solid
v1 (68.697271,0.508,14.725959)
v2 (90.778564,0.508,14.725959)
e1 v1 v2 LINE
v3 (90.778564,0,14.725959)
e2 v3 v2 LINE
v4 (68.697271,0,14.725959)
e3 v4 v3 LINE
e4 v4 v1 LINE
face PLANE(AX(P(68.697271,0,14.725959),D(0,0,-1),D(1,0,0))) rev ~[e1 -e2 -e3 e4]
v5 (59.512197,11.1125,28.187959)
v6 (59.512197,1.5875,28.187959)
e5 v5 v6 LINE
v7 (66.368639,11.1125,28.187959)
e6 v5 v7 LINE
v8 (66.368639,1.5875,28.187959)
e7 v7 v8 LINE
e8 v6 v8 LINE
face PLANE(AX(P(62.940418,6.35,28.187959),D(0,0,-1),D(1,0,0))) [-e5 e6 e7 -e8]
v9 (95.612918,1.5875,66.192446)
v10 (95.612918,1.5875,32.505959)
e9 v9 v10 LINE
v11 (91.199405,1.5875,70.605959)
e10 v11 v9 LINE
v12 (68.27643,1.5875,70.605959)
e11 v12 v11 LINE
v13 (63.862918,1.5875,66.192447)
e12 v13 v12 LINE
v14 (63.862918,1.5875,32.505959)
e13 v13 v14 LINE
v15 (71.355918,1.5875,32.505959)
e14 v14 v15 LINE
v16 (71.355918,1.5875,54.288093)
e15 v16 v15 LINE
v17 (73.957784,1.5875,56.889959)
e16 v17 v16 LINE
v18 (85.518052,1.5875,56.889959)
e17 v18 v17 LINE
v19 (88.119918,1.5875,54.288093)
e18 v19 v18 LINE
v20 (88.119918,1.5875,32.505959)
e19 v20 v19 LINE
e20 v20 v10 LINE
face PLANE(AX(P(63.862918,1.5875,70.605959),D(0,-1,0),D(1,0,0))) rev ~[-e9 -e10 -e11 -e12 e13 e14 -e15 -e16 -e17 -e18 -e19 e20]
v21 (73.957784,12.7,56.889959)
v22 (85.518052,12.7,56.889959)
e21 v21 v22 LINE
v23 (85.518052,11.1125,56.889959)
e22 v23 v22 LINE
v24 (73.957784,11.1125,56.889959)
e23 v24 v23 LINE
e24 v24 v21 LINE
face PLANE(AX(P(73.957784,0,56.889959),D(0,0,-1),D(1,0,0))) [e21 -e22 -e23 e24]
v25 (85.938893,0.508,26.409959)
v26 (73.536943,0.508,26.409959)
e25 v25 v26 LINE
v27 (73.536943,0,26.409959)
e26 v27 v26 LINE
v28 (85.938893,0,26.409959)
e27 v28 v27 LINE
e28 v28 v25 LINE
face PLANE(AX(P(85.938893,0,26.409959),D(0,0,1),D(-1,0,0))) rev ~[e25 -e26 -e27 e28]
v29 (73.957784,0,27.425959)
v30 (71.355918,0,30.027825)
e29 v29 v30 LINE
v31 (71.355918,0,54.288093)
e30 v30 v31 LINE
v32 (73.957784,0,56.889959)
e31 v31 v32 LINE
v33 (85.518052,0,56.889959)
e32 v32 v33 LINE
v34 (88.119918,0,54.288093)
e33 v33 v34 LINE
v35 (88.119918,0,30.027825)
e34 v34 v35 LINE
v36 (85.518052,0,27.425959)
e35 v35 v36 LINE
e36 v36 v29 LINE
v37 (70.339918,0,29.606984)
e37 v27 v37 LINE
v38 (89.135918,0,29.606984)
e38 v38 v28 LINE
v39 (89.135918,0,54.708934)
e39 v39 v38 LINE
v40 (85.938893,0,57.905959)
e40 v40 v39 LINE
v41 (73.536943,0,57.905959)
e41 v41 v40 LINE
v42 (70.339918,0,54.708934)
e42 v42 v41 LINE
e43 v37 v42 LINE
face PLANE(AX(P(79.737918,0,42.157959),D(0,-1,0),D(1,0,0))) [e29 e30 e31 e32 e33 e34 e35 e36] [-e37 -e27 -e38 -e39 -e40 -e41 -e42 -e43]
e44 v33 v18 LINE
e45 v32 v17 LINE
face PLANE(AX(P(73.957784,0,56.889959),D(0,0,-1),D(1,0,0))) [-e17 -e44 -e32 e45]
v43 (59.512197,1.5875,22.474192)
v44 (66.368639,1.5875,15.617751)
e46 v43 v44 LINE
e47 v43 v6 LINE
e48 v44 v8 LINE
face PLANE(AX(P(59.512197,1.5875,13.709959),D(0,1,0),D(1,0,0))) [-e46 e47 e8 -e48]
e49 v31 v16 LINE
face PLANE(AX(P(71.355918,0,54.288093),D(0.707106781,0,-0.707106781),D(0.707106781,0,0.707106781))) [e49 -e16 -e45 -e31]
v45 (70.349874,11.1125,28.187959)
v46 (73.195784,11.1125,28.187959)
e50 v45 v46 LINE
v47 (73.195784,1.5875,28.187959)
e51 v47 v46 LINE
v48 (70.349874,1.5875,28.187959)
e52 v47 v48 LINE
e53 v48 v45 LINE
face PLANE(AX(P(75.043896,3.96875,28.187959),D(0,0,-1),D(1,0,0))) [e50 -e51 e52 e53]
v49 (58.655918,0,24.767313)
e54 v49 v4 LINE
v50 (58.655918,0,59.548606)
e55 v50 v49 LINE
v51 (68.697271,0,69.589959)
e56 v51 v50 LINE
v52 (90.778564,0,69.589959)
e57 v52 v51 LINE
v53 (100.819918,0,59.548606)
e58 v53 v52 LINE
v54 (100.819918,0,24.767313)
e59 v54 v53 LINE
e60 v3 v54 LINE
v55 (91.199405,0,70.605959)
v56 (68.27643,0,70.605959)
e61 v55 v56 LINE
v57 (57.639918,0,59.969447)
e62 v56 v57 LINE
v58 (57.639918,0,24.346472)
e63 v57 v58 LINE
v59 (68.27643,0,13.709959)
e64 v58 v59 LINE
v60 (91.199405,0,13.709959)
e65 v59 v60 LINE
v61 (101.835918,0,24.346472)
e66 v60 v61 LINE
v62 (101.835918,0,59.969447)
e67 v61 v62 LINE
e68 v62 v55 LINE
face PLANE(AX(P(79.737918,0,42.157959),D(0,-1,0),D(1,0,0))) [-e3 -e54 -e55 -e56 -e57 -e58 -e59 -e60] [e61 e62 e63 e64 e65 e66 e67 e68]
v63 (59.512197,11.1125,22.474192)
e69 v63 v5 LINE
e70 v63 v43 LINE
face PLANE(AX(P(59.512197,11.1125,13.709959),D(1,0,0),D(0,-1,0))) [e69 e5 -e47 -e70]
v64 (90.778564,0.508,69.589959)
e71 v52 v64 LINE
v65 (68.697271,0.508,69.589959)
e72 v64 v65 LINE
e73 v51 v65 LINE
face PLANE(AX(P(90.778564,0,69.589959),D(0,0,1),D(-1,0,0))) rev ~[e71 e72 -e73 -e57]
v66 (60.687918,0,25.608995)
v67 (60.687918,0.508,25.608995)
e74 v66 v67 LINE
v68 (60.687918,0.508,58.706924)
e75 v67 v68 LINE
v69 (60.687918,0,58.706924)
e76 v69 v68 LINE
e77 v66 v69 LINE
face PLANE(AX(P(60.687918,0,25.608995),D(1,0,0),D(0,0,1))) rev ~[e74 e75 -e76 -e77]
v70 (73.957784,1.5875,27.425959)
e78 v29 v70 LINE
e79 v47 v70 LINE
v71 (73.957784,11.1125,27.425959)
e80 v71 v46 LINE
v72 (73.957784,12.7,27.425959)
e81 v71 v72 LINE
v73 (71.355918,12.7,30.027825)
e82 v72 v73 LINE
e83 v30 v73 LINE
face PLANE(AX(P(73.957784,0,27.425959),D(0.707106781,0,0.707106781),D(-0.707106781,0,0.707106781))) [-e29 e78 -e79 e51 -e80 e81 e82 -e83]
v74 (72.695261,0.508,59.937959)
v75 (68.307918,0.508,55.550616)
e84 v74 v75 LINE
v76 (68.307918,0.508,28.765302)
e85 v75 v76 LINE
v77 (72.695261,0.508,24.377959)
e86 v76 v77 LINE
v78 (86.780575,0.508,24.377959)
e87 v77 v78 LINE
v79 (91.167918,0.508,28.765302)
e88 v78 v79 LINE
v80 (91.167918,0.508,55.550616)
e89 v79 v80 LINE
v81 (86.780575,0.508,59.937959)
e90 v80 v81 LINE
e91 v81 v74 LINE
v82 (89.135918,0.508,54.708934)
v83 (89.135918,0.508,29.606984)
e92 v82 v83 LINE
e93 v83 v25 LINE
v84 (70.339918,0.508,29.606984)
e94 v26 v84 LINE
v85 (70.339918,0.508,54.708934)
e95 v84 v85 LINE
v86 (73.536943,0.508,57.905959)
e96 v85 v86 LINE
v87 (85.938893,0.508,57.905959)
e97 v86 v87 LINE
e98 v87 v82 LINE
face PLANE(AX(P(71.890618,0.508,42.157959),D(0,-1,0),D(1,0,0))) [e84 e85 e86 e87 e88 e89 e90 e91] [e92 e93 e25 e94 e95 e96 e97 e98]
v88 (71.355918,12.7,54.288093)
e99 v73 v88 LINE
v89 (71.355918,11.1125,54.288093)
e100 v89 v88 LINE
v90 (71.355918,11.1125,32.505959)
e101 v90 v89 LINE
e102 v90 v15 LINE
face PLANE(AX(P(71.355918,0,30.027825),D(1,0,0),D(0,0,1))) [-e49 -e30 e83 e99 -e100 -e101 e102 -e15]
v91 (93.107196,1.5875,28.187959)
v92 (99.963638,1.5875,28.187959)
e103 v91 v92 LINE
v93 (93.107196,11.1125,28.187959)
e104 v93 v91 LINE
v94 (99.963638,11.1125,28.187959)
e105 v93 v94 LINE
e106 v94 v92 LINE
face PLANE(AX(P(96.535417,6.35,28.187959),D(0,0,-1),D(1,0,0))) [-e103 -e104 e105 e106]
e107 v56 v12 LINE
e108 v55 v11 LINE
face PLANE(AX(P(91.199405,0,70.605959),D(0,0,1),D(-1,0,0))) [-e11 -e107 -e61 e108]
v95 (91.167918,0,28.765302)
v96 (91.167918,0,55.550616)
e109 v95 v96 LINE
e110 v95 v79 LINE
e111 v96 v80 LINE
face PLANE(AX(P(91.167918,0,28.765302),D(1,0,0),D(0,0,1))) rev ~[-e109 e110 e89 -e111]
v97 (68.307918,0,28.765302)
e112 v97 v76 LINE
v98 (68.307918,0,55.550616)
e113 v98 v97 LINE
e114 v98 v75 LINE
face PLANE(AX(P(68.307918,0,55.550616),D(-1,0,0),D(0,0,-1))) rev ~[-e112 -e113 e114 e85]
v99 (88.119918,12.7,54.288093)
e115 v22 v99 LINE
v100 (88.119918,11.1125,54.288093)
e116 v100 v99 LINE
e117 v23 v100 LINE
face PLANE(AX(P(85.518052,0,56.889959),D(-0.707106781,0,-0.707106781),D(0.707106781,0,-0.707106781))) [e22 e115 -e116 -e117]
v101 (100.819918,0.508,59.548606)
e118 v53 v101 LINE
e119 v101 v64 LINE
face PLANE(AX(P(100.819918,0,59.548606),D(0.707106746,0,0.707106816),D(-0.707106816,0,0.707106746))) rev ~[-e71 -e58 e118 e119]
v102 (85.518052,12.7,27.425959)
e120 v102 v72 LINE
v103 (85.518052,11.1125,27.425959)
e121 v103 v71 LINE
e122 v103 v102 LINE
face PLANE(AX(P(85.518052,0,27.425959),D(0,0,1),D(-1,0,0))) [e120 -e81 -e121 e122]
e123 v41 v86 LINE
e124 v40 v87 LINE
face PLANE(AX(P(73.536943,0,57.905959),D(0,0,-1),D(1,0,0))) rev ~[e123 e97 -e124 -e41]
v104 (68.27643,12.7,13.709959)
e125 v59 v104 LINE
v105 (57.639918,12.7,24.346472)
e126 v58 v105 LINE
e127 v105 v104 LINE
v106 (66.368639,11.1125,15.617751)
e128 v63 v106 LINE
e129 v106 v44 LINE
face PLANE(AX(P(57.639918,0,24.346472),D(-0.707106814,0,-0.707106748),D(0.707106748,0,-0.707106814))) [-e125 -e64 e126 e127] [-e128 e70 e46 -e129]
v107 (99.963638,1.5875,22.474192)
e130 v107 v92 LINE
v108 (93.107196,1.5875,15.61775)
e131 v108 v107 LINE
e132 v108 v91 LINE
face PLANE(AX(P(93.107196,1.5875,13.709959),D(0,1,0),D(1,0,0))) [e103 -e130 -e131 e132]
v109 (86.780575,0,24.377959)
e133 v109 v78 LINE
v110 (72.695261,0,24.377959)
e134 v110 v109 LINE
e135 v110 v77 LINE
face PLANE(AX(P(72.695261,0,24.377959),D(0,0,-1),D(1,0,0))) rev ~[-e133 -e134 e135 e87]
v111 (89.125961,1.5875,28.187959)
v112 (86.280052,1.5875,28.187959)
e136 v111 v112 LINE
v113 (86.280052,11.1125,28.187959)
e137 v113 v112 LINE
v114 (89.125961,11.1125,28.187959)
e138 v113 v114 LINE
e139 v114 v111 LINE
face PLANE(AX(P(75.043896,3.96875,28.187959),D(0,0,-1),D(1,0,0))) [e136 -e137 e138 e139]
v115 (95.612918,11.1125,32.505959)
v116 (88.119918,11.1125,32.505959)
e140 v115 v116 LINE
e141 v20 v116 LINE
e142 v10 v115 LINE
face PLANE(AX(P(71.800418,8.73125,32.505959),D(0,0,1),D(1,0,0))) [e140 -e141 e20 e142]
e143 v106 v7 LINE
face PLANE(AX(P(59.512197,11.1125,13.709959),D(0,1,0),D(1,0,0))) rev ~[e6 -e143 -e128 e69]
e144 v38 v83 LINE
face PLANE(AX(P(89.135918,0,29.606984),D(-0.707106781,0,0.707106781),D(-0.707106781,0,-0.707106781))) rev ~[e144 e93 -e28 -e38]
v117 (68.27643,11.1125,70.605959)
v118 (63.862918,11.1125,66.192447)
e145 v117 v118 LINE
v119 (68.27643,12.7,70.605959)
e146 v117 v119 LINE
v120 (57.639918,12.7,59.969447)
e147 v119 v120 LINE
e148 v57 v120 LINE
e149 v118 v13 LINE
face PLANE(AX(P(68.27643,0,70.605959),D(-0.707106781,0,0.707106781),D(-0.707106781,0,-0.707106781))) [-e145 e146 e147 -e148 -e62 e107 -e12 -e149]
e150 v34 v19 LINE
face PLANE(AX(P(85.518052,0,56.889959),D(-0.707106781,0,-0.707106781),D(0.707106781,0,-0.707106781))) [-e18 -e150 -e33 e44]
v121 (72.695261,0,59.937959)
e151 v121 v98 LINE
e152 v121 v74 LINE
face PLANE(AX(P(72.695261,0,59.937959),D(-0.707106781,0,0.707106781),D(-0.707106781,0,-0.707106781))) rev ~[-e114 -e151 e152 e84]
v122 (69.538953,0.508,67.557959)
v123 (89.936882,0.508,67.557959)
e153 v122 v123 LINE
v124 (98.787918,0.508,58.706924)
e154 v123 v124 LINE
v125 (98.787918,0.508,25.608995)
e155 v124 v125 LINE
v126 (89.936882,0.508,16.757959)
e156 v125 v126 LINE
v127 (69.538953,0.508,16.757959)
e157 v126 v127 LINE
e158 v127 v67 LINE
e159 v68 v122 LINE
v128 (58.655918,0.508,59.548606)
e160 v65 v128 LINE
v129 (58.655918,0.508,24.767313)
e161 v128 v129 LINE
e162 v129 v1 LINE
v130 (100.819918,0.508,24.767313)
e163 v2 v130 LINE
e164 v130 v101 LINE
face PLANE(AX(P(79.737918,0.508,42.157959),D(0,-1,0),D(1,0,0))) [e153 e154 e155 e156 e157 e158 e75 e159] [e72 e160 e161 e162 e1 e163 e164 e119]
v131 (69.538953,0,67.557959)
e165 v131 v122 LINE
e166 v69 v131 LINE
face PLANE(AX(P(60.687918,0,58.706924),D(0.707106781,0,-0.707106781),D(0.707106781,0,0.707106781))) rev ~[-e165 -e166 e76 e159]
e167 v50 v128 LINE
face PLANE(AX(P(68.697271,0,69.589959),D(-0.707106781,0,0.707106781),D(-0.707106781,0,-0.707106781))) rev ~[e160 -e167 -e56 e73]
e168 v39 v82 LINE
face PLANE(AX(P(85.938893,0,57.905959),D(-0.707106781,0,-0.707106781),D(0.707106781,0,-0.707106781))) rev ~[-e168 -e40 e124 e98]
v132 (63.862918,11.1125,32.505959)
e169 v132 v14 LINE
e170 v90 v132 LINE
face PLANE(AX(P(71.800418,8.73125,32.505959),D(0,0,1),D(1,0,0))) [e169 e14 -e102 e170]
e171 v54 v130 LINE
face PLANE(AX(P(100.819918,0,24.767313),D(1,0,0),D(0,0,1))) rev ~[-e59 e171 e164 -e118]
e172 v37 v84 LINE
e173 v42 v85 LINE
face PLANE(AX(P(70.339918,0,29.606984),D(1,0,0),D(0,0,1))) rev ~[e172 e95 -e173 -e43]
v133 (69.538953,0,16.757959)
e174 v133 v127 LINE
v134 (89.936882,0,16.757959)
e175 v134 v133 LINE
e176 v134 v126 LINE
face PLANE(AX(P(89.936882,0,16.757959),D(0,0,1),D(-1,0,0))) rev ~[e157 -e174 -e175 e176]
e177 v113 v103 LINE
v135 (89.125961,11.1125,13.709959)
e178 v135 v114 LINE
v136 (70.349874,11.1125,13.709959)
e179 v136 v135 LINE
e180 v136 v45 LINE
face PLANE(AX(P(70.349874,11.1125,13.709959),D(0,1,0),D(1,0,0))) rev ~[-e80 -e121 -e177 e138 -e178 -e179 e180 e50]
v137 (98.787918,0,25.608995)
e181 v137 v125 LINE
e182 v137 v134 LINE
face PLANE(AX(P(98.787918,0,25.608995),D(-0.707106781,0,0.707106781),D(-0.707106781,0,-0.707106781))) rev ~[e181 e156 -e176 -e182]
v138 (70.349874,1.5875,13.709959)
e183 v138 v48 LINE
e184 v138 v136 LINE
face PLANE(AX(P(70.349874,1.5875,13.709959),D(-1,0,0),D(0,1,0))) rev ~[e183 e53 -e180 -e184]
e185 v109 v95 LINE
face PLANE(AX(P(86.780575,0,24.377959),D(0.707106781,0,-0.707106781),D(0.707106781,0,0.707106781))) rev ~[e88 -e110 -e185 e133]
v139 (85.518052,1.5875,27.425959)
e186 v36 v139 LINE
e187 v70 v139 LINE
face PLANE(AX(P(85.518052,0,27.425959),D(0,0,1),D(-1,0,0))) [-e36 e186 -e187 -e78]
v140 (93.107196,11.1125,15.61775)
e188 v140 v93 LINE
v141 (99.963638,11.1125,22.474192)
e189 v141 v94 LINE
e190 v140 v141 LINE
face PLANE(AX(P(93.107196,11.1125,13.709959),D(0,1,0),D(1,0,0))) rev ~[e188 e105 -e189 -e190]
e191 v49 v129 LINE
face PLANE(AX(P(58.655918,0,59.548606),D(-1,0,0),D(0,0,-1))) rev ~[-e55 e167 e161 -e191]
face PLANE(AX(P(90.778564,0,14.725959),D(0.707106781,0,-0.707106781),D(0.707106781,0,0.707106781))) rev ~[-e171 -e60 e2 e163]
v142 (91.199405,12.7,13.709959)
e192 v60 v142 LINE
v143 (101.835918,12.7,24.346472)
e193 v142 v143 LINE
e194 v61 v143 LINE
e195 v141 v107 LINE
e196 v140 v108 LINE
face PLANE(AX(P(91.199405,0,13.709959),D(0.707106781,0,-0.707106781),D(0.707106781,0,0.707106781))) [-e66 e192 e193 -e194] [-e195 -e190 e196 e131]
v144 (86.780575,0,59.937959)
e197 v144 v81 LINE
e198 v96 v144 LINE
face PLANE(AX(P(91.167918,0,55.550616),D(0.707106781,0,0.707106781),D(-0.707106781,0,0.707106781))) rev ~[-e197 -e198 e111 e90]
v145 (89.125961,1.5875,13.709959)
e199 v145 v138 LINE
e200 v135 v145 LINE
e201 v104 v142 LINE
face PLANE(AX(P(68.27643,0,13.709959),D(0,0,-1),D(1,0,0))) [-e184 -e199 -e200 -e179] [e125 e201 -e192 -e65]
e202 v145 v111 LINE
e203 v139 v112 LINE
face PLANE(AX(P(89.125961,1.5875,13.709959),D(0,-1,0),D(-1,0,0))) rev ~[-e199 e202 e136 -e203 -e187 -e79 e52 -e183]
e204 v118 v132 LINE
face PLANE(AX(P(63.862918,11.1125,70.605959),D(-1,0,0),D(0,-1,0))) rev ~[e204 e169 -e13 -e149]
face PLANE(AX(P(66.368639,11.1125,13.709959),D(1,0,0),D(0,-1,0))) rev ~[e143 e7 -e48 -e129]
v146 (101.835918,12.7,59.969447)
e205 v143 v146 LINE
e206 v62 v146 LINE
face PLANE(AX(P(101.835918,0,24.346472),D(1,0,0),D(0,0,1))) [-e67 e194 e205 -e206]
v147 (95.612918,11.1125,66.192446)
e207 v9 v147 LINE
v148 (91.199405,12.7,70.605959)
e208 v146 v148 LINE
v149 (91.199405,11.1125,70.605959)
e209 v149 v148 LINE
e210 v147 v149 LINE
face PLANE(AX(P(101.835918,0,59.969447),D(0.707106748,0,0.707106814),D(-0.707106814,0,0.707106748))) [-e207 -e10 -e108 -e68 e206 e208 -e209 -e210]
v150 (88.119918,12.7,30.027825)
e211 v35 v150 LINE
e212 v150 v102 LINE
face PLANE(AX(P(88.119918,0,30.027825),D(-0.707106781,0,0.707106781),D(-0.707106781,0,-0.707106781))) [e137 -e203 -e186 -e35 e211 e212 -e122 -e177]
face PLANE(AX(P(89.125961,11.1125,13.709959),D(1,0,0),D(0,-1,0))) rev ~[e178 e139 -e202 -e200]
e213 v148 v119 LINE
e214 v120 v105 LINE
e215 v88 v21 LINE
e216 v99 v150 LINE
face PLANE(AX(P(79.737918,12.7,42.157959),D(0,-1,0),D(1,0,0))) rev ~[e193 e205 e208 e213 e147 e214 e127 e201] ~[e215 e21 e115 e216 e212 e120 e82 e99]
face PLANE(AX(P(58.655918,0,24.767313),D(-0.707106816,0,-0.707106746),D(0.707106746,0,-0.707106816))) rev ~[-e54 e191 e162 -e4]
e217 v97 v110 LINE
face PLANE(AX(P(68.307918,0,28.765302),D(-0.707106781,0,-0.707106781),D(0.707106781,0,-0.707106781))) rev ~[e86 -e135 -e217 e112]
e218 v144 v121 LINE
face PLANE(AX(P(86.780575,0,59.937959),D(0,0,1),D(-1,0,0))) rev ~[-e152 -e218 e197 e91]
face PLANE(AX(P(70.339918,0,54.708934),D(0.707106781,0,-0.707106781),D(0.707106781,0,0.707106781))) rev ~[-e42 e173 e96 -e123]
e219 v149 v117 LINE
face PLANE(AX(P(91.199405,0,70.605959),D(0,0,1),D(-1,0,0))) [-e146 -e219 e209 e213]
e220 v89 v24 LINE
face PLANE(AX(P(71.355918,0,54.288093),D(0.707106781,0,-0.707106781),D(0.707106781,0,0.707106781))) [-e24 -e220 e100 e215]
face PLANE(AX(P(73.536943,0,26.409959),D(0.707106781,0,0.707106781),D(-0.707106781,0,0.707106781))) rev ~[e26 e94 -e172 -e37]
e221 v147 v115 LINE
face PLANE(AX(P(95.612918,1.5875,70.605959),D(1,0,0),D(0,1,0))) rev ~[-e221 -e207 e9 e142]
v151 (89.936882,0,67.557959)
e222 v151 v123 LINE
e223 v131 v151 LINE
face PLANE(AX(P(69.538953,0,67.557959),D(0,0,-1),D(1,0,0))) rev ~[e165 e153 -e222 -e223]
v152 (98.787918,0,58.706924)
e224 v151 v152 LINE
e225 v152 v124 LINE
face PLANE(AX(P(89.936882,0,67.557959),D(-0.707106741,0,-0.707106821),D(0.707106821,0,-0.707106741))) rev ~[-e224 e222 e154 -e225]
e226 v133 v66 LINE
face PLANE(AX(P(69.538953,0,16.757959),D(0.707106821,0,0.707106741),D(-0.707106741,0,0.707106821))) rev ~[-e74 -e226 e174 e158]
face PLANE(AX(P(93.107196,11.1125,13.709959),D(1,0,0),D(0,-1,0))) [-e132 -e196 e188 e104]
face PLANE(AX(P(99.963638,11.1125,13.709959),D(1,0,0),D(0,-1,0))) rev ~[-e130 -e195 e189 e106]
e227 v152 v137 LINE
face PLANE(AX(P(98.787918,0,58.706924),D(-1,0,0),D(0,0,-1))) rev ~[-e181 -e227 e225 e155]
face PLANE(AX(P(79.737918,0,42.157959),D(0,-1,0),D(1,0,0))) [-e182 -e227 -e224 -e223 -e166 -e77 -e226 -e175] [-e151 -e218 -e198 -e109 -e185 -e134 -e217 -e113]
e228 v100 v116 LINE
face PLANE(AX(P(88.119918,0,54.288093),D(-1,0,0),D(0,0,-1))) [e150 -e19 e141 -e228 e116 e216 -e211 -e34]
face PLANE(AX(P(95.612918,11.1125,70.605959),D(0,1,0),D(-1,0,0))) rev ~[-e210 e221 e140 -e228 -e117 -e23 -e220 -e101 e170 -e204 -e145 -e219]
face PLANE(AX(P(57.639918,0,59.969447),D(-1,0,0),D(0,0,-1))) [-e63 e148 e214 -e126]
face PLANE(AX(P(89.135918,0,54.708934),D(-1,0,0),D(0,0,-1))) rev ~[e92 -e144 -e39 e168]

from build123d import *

# Parameters (mm, degrees)
F1_DEPTH = 12.7
F2_DEPTH = 0.508
F3_W     = 15.875
F3_H     = 4.7625
F4_DEPTH = 38.1
F5_W     = 9.388043
F5_H     = 4.7625
F5_W_2   = 6.856441
F5_H_2   = 9.525
F5_W_3   = 6.856442
F6_DEPTH = 14.478


with BuildPart() as f1:
    # F0 (on Front) → F1 (new body)
    with BuildSketch(Plane.XZ):
        Polygon((101.835918, 59.969447), (91.199405, 70.605959), (68.27643, 70.605959), (57.639918, 59.969447), (57.639918, 24.346472), (68.27643, 13.709959), (91.199405, 13.709959), (101.835918, 24.346472), align=None)
        Polygon((68.697271, 69.589959), (90.778564, 69.589959), (100.819918, 59.548606), (100.819918, 24.767313), (90.778564, 14.725959), (68.697271, 14.725959), (58.655918, 24.767313), (58.655918, 59.548606), align=None, mode=Mode.SUBTRACT)
        Polygon((100.819918, 59.548606), (90.778564, 69.589959), (68.697271, 69.589959), (58.655918, 59.548606), (58.655918, 24.767313), (68.697271, 14.725959), (90.778564, 14.725959), (100.819918, 24.767313), align=None)
        Polygon((69.538953, 67.557959), (89.936882, 67.557959), (98.787918, 58.706924), (98.787918, 25.608995), (89.936882, 16.757959), (69.538953, 16.757959), (60.687918, 25.608995), (60.687918, 58.706924), align=None, mode=Mode.SUBTRACT)
        Polygon((98.787918, 58.706924), (89.936882, 67.557959), (69.538953, 67.557959), (60.687918, 58.706924), (60.687918, 25.608995), (69.538953, 16.757959), (89.936882, 16.757959), (98.787918, 25.608995), align=None)
        Polygon((79.737918, 59.937959), (86.780575, 59.937959), (91.167918, 55.550616), (91.167918, 28.765302), (86.780575, 24.377959), (79.737918, 24.377959), (72.695261, 24.377959), (68.307918, 28.765302), (68.307918, 55.550616), (72.695261, 59.937959), align=None, mode=Mode.SUBTRACT)
        Polygon((79.737918, 57.905959), (79.737918, 59.937959), (72.695261, 59.937959), (68.307918, 55.550616), (68.307918, 28.765302), (72.695261, 24.377959), (79.737918, 24.377959), (79.737918, 26.409959), (73.536943, 26.409959), (70.339918, 29.606984), (70.339918, 54.708934), (73.536943, 57.905959), align=None)
        Polygon((79.737918, 56.889959), (79.737918, 57.905959), (73.536943, 57.905959), (70.339918, 54.708934), (70.339918, 29.606984), (73.536943, 26.409959), (79.737918, 26.409959), (79.737918, 27.425959), (73.957784, 27.425959), (71.355918, 30.027825), (71.355918, 54.288093), (73.957784, 56.889959), align=None)
        Polygon((85.938893, 57.905959), (79.737918, 57.905959), (79.737918, 56.889959), (85.518052, 56.889959), (88.119918, 54.288093), (88.119918, 30.027825), (85.518052, 27.425959), (79.737918, 27.425959), (79.737918, 26.409959), (85.938893, 26.409959), (89.135918, 29.606984), (89.135918, 54.708934), align=None)
        Polygon((91.167918, 55.550616), (86.780575, 59.937959), (79.737918, 59.937959), (79.737918, 57.905959), (85.938893, 57.905959), (89.135918, 54.708934), (89.135918, 29.606984), (85.938893, 26.409959), (79.737918, 26.409959), (79.737918, 24.377959), (86.780575, 24.377959), (91.167918, 28.765302), align=None)
    extrude(amount=-F1_DEPTH)

    # F0 (on Front) → F2 (cut)
    with BuildSketch(Plane.XZ):
        Polygon((100.819918, 59.548606), (90.778564, 69.589959), (68.697271, 69.589959), (58.655918, 59.548606), (58.655918, 24.767313), (68.697271, 14.725959), (90.778564, 14.725959), (100.819918, 24.767313), align=None)
        Polygon((69.538953, 67.557959), (89.936882, 67.557959), (98.787918, 58.706924), (98.787918, 25.608995), (89.936882, 16.757959), (69.538953, 16.757959), (60.687918, 25.608995), (60.687918, 58.706924), align=None, mode=Mode.SUBTRACT)
        Polygon((79.737918, 57.905959), (79.737918, 59.937959), (72.695261, 59.937959), (68.307918, 55.550616), (68.307918, 28.765302), (72.695261, 24.377959), (79.737918, 24.377959), (79.737918, 26.409959), (73.536943, 26.409959), (70.339918, 29.606984), (70.339918, 54.708934), (73.536943, 57.905959), align=None)
        Polygon((91.167918, 55.550616), (86.780575, 59.937959), (79.737918, 59.937959), (79.737918, 57.905959), (85.938893, 57.905959), (89.135918, 54.708934), (89.135918, 29.606984), (85.938893, 26.409959), (79.737918, 26.409959), (79.737918, 24.377959), (86.780575, 24.377959), (91.167918, 28.765302), align=None)
    extrude(amount=-F2_DEPTH, mode=Mode.SUBTRACT)

    # F3 (on face) → F4 (cut)
    with BuildSketch(Plane.XY.offset(70.605959)):
        with Locations((71.800418, 8.73125)):
            Rectangle(F3_W, F3_H)
        Polygon((95.612918, 11.1125), (79.737918, 11.1125), (79.737918, 6.35), (79.737918, 1.5875), (95.612918, 1.5875), align=None)
        with Locations((71.800418, 3.96875)):
            Rectangle(F3_W, F3_H)
    extrude(amount=-F4_DEPTH, mode=Mode.SUBTRACT)

    # F5 (on face) → F6 (cut)
    with BuildSketch(Plane(origin=(0, 0, 13.709959), x_dir=(1, 0, 0), z_dir=(0, 0, -1))):
        with Locations((75.043896, -3.96875)):
            Rectangle(F5_W, F5_H)
        with Locations((84.431939, -3.96875)):
            Rectangle(F5_W, F5_H)
        with Locations((75.043896, -8.73125)):
            Rectangle(F5_W, F5_H)
        with Locations((84.431939, -8.73125)):
            Rectangle(F5_W, F5_H)
        with Locations((62.940418, -6.35)):
            Rectangle(F5_W_2, F5_H_2)
        with Locations((96.535417, -6.35)):
            Rectangle(F5_W_3, F5_H_2)
    extrude(amount=-F6_DEPTH, mode=Mode.SUBTRACT)


solid = f1.part
